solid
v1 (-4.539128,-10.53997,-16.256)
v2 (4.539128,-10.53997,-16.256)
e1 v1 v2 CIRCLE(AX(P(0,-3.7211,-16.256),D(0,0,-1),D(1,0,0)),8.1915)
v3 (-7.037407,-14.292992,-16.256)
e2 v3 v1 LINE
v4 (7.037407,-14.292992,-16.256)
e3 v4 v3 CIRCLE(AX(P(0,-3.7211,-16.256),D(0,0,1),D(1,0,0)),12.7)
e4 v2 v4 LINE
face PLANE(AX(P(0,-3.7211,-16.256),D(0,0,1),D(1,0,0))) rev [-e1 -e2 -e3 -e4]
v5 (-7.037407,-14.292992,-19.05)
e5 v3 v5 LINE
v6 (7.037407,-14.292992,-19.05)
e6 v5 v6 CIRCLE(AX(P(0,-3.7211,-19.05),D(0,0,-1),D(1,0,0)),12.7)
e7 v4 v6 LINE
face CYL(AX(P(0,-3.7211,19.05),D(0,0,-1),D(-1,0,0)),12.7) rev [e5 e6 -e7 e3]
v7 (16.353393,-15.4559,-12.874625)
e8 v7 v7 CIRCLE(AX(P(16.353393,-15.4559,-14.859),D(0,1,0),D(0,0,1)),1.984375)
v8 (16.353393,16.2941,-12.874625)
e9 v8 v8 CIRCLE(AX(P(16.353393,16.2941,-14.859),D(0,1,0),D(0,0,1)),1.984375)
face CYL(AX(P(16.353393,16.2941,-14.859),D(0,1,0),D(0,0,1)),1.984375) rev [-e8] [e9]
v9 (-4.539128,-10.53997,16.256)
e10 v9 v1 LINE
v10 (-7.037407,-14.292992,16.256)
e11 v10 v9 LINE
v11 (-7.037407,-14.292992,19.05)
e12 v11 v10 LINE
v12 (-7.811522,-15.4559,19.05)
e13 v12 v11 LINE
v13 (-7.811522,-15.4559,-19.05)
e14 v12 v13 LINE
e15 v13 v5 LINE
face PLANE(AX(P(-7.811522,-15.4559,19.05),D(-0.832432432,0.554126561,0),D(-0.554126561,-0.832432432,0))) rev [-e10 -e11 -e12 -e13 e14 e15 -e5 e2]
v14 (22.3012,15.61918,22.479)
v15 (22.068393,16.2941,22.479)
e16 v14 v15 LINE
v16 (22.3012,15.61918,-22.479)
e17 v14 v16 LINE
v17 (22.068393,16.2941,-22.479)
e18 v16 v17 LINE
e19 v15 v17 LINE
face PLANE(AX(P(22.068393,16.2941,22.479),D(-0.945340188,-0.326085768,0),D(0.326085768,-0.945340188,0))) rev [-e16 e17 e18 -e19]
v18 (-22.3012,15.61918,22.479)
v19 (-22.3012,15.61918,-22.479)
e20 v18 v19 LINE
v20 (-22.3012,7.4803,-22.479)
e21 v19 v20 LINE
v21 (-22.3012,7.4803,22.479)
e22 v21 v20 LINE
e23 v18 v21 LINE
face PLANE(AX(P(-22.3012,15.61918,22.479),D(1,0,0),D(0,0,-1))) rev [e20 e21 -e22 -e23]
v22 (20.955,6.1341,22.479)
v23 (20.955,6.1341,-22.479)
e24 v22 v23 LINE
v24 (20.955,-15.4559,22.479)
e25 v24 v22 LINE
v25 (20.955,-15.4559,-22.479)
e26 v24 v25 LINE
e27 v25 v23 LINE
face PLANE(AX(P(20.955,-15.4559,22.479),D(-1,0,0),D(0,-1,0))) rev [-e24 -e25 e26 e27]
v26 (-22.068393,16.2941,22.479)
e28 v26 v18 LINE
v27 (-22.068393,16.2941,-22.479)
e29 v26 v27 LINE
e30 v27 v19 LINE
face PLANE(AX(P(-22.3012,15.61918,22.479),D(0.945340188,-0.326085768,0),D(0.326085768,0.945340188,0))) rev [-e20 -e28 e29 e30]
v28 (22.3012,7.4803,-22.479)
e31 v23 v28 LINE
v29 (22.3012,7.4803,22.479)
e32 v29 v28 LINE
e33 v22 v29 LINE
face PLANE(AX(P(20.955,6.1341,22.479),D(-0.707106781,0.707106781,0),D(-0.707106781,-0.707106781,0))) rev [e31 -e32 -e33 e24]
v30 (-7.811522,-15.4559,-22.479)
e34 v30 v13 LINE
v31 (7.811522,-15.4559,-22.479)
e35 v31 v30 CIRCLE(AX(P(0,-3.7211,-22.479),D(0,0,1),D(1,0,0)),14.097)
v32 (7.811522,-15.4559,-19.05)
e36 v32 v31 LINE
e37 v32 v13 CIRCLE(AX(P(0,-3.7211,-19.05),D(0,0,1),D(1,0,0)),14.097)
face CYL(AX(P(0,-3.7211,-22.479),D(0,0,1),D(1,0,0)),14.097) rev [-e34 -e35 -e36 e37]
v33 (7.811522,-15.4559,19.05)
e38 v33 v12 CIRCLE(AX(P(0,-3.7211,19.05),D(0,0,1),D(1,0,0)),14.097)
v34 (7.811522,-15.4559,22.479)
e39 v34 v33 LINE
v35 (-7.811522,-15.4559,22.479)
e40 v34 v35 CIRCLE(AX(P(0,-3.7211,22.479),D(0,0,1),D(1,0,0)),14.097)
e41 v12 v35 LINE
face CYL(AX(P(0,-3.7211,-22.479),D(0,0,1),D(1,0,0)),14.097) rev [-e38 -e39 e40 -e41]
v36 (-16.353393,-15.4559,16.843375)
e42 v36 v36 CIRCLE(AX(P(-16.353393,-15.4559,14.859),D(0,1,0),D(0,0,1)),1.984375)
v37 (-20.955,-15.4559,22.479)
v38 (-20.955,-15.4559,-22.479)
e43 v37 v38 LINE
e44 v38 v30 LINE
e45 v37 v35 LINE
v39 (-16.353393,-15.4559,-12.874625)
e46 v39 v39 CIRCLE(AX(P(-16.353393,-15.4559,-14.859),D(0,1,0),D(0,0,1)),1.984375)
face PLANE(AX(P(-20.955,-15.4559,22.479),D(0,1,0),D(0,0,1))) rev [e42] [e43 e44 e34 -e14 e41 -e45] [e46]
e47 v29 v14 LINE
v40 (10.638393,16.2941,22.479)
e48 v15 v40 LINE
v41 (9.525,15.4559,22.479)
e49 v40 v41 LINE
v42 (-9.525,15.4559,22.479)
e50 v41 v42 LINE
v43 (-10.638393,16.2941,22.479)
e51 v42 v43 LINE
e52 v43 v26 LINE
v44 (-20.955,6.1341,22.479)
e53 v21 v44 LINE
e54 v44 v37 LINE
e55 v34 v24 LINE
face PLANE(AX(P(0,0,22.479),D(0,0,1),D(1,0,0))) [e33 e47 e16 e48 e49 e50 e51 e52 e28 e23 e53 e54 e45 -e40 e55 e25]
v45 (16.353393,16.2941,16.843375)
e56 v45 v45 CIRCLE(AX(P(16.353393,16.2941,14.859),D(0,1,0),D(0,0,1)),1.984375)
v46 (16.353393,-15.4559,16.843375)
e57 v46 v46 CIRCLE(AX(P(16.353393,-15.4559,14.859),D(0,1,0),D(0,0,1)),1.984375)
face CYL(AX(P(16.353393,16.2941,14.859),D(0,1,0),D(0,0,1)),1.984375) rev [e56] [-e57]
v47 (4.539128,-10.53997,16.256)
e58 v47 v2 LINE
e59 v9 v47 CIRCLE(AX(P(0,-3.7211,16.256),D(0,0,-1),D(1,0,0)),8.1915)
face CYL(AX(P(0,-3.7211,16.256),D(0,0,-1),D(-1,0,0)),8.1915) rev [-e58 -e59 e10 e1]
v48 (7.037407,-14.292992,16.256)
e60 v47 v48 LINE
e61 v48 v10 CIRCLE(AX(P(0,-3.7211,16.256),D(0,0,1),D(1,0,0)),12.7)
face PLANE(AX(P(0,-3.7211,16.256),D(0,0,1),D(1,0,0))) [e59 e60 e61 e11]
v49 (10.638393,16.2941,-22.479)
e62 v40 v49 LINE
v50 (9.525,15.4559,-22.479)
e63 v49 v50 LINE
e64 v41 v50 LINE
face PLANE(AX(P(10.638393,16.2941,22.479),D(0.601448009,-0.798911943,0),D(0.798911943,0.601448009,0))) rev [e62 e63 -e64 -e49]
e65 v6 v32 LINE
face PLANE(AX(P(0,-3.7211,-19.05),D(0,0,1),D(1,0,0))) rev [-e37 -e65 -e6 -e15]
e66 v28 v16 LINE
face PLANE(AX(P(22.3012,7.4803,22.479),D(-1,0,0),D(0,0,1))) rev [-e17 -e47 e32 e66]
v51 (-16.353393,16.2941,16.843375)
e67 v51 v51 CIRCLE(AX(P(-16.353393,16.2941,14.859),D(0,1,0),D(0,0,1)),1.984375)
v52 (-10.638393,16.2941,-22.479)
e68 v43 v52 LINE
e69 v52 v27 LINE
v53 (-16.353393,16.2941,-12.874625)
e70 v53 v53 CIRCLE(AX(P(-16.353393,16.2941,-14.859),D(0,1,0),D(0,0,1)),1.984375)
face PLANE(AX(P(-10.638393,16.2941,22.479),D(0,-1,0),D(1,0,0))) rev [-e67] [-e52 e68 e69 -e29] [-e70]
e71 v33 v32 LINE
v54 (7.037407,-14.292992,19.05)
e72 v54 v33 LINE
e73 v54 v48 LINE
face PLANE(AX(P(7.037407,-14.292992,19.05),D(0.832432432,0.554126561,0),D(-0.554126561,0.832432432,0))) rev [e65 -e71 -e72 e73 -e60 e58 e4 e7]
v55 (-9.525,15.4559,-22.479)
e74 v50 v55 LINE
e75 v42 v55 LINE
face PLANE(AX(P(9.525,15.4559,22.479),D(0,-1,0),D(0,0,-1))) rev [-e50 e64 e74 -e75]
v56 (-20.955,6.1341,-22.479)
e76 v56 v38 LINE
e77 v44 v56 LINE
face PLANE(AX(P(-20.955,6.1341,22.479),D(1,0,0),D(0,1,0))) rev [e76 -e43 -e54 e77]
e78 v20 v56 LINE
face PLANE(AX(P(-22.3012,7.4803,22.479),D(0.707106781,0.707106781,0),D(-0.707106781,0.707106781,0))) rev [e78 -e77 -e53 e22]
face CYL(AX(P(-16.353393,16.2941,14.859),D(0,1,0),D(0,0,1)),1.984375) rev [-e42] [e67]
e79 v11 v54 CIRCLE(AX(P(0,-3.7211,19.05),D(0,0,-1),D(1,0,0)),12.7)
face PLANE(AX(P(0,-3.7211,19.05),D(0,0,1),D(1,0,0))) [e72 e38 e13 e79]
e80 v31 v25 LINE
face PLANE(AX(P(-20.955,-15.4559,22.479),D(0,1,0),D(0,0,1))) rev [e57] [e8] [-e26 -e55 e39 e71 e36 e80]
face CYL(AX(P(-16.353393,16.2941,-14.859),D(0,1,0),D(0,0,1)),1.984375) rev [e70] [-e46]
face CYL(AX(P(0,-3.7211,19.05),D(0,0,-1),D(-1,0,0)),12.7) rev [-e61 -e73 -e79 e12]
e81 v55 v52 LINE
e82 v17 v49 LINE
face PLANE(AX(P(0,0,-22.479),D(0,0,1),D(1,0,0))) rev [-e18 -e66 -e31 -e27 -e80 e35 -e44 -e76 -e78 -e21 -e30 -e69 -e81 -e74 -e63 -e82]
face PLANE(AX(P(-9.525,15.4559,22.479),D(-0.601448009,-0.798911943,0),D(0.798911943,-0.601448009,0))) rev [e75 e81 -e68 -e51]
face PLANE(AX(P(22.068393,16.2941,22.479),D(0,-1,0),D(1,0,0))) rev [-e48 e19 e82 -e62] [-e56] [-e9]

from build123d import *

# Parameters (mm, degrees)
BOSS_EXTRUDE1_DEPTH                 = 22.479
F_5_32_0_15625_DIAMETER_HOLE1_D     = 3.96875
F_5_32_0_15625_DIAMETER_HOLE1_DEPTH = 31.75
SKETCH17_R                          = 14.097
CUT_EXTRUDE1_DEPTH                  = 1
CUT_EXTRUDE1_DEPTH_BACK             = 45.958
BOSS_EXTRUDE2_DEPTH                 = 19.05
BOSS_EXTRUDE3_DEPTH                 = 16.256


with BuildPart() as part:
    # Sketch2 → Boss-Extrude1 (new body, symmetric)
    with BuildSketch(Plane.XY):
        Polygon((22.06839298, 16.2941), (10.63839298, 16.2941), (9.525, 15.4559), (-9.525, 15.4559), (-10.63839298, 16.2941), (-22.06839298, 16.2941), (-22.3012, 15.619179923), (-22.3012, 7.4803), (-20.955, 6.1341), (-20.955, -15.4559), (20.955, -15.4559), (20.955, 6.1341), (22.3012, 7.4803), (22.3012, 15.619179923), align=None)
    extrude(amount=BOSS_EXTRUDE1_DEPTH, both=True)

    # 5/32 (0.15625) Diameter Hole1
    with Locations(Plane(origin=(0, 16.2941, 0), x_dir=(1, 0, 0), z_dir=(0, 1, 0))):
        with Locations((-16.35339298, 14.859), (-16.35339298, -14.859), (16.35339298, -14.859), (16.35339298, 14.859)):
            Hole(F_5_32_0_15625_DIAMETER_HOLE1_D / 2, depth=F_5_32_0_15625_DIAMETER_HOLE1_DEPTH)

    # Sketch17 → Cut-Extrude1 (cut, two sides)
    with BuildSketch(Plane.XY.offset(22.479)) as cut_extrude1_sk:
        with Locations((0, -3.7211)):
            Circle(SKETCH17_R)
    extrude(amount=CUT_EXTRUDE1_DEPTH, mode=Mode.SUBTRACT)
    extrude(cut_extrude1_sk.sketch, amount=-CUT_EXTRUDE1_DEPTH_BACK, mode=Mode.SUBTRACT)

    # Sketch18 → Boss-Extrude2 (add, symmetric)
    with BuildSketch(Plane.XY):
        with BuildLine():
            Line((-7.811522128, -15.4559), (-7.037407323, -14.292991892))
            ThreePointArc((-7.037407323, -14.292991892), (0, 8.9789), (7.037407323, -14.292991892))
            Line((7.037407323, -14.292991892), (7.811522128, -15.4559))
            ThreePointArc((7.811522128, -15.4559), (0, 10.3759), (-7.811522128, -15.4559))
        make_face()
    extrude(amount=BOSS_EXTRUDE2_DEPTH, both=True)

    # Sketch19 → Boss-Extrude3 (add, symmetric)
    with BuildSketch(Plane.XY):
        with BuildLine():
            Line((-7.037407323, -14.292991892), (-4.539127723, -10.53997027))
            ThreePointArc((-4.539127723, -10.53997027), (0, 4.4704), (4.539127723, -10.53997027))
            Line((4.539127723, -10.53997027), (7.037407323, -14.292991892))
            ThreePointArc((7.037407323, -14.292991892), (0, 8.9789), (-7.037407323, -14.292991892))
        make_face()
    extrude(amount=BOSS_EXTRUDE3_DEPTH, both=True)


solid = part.part
